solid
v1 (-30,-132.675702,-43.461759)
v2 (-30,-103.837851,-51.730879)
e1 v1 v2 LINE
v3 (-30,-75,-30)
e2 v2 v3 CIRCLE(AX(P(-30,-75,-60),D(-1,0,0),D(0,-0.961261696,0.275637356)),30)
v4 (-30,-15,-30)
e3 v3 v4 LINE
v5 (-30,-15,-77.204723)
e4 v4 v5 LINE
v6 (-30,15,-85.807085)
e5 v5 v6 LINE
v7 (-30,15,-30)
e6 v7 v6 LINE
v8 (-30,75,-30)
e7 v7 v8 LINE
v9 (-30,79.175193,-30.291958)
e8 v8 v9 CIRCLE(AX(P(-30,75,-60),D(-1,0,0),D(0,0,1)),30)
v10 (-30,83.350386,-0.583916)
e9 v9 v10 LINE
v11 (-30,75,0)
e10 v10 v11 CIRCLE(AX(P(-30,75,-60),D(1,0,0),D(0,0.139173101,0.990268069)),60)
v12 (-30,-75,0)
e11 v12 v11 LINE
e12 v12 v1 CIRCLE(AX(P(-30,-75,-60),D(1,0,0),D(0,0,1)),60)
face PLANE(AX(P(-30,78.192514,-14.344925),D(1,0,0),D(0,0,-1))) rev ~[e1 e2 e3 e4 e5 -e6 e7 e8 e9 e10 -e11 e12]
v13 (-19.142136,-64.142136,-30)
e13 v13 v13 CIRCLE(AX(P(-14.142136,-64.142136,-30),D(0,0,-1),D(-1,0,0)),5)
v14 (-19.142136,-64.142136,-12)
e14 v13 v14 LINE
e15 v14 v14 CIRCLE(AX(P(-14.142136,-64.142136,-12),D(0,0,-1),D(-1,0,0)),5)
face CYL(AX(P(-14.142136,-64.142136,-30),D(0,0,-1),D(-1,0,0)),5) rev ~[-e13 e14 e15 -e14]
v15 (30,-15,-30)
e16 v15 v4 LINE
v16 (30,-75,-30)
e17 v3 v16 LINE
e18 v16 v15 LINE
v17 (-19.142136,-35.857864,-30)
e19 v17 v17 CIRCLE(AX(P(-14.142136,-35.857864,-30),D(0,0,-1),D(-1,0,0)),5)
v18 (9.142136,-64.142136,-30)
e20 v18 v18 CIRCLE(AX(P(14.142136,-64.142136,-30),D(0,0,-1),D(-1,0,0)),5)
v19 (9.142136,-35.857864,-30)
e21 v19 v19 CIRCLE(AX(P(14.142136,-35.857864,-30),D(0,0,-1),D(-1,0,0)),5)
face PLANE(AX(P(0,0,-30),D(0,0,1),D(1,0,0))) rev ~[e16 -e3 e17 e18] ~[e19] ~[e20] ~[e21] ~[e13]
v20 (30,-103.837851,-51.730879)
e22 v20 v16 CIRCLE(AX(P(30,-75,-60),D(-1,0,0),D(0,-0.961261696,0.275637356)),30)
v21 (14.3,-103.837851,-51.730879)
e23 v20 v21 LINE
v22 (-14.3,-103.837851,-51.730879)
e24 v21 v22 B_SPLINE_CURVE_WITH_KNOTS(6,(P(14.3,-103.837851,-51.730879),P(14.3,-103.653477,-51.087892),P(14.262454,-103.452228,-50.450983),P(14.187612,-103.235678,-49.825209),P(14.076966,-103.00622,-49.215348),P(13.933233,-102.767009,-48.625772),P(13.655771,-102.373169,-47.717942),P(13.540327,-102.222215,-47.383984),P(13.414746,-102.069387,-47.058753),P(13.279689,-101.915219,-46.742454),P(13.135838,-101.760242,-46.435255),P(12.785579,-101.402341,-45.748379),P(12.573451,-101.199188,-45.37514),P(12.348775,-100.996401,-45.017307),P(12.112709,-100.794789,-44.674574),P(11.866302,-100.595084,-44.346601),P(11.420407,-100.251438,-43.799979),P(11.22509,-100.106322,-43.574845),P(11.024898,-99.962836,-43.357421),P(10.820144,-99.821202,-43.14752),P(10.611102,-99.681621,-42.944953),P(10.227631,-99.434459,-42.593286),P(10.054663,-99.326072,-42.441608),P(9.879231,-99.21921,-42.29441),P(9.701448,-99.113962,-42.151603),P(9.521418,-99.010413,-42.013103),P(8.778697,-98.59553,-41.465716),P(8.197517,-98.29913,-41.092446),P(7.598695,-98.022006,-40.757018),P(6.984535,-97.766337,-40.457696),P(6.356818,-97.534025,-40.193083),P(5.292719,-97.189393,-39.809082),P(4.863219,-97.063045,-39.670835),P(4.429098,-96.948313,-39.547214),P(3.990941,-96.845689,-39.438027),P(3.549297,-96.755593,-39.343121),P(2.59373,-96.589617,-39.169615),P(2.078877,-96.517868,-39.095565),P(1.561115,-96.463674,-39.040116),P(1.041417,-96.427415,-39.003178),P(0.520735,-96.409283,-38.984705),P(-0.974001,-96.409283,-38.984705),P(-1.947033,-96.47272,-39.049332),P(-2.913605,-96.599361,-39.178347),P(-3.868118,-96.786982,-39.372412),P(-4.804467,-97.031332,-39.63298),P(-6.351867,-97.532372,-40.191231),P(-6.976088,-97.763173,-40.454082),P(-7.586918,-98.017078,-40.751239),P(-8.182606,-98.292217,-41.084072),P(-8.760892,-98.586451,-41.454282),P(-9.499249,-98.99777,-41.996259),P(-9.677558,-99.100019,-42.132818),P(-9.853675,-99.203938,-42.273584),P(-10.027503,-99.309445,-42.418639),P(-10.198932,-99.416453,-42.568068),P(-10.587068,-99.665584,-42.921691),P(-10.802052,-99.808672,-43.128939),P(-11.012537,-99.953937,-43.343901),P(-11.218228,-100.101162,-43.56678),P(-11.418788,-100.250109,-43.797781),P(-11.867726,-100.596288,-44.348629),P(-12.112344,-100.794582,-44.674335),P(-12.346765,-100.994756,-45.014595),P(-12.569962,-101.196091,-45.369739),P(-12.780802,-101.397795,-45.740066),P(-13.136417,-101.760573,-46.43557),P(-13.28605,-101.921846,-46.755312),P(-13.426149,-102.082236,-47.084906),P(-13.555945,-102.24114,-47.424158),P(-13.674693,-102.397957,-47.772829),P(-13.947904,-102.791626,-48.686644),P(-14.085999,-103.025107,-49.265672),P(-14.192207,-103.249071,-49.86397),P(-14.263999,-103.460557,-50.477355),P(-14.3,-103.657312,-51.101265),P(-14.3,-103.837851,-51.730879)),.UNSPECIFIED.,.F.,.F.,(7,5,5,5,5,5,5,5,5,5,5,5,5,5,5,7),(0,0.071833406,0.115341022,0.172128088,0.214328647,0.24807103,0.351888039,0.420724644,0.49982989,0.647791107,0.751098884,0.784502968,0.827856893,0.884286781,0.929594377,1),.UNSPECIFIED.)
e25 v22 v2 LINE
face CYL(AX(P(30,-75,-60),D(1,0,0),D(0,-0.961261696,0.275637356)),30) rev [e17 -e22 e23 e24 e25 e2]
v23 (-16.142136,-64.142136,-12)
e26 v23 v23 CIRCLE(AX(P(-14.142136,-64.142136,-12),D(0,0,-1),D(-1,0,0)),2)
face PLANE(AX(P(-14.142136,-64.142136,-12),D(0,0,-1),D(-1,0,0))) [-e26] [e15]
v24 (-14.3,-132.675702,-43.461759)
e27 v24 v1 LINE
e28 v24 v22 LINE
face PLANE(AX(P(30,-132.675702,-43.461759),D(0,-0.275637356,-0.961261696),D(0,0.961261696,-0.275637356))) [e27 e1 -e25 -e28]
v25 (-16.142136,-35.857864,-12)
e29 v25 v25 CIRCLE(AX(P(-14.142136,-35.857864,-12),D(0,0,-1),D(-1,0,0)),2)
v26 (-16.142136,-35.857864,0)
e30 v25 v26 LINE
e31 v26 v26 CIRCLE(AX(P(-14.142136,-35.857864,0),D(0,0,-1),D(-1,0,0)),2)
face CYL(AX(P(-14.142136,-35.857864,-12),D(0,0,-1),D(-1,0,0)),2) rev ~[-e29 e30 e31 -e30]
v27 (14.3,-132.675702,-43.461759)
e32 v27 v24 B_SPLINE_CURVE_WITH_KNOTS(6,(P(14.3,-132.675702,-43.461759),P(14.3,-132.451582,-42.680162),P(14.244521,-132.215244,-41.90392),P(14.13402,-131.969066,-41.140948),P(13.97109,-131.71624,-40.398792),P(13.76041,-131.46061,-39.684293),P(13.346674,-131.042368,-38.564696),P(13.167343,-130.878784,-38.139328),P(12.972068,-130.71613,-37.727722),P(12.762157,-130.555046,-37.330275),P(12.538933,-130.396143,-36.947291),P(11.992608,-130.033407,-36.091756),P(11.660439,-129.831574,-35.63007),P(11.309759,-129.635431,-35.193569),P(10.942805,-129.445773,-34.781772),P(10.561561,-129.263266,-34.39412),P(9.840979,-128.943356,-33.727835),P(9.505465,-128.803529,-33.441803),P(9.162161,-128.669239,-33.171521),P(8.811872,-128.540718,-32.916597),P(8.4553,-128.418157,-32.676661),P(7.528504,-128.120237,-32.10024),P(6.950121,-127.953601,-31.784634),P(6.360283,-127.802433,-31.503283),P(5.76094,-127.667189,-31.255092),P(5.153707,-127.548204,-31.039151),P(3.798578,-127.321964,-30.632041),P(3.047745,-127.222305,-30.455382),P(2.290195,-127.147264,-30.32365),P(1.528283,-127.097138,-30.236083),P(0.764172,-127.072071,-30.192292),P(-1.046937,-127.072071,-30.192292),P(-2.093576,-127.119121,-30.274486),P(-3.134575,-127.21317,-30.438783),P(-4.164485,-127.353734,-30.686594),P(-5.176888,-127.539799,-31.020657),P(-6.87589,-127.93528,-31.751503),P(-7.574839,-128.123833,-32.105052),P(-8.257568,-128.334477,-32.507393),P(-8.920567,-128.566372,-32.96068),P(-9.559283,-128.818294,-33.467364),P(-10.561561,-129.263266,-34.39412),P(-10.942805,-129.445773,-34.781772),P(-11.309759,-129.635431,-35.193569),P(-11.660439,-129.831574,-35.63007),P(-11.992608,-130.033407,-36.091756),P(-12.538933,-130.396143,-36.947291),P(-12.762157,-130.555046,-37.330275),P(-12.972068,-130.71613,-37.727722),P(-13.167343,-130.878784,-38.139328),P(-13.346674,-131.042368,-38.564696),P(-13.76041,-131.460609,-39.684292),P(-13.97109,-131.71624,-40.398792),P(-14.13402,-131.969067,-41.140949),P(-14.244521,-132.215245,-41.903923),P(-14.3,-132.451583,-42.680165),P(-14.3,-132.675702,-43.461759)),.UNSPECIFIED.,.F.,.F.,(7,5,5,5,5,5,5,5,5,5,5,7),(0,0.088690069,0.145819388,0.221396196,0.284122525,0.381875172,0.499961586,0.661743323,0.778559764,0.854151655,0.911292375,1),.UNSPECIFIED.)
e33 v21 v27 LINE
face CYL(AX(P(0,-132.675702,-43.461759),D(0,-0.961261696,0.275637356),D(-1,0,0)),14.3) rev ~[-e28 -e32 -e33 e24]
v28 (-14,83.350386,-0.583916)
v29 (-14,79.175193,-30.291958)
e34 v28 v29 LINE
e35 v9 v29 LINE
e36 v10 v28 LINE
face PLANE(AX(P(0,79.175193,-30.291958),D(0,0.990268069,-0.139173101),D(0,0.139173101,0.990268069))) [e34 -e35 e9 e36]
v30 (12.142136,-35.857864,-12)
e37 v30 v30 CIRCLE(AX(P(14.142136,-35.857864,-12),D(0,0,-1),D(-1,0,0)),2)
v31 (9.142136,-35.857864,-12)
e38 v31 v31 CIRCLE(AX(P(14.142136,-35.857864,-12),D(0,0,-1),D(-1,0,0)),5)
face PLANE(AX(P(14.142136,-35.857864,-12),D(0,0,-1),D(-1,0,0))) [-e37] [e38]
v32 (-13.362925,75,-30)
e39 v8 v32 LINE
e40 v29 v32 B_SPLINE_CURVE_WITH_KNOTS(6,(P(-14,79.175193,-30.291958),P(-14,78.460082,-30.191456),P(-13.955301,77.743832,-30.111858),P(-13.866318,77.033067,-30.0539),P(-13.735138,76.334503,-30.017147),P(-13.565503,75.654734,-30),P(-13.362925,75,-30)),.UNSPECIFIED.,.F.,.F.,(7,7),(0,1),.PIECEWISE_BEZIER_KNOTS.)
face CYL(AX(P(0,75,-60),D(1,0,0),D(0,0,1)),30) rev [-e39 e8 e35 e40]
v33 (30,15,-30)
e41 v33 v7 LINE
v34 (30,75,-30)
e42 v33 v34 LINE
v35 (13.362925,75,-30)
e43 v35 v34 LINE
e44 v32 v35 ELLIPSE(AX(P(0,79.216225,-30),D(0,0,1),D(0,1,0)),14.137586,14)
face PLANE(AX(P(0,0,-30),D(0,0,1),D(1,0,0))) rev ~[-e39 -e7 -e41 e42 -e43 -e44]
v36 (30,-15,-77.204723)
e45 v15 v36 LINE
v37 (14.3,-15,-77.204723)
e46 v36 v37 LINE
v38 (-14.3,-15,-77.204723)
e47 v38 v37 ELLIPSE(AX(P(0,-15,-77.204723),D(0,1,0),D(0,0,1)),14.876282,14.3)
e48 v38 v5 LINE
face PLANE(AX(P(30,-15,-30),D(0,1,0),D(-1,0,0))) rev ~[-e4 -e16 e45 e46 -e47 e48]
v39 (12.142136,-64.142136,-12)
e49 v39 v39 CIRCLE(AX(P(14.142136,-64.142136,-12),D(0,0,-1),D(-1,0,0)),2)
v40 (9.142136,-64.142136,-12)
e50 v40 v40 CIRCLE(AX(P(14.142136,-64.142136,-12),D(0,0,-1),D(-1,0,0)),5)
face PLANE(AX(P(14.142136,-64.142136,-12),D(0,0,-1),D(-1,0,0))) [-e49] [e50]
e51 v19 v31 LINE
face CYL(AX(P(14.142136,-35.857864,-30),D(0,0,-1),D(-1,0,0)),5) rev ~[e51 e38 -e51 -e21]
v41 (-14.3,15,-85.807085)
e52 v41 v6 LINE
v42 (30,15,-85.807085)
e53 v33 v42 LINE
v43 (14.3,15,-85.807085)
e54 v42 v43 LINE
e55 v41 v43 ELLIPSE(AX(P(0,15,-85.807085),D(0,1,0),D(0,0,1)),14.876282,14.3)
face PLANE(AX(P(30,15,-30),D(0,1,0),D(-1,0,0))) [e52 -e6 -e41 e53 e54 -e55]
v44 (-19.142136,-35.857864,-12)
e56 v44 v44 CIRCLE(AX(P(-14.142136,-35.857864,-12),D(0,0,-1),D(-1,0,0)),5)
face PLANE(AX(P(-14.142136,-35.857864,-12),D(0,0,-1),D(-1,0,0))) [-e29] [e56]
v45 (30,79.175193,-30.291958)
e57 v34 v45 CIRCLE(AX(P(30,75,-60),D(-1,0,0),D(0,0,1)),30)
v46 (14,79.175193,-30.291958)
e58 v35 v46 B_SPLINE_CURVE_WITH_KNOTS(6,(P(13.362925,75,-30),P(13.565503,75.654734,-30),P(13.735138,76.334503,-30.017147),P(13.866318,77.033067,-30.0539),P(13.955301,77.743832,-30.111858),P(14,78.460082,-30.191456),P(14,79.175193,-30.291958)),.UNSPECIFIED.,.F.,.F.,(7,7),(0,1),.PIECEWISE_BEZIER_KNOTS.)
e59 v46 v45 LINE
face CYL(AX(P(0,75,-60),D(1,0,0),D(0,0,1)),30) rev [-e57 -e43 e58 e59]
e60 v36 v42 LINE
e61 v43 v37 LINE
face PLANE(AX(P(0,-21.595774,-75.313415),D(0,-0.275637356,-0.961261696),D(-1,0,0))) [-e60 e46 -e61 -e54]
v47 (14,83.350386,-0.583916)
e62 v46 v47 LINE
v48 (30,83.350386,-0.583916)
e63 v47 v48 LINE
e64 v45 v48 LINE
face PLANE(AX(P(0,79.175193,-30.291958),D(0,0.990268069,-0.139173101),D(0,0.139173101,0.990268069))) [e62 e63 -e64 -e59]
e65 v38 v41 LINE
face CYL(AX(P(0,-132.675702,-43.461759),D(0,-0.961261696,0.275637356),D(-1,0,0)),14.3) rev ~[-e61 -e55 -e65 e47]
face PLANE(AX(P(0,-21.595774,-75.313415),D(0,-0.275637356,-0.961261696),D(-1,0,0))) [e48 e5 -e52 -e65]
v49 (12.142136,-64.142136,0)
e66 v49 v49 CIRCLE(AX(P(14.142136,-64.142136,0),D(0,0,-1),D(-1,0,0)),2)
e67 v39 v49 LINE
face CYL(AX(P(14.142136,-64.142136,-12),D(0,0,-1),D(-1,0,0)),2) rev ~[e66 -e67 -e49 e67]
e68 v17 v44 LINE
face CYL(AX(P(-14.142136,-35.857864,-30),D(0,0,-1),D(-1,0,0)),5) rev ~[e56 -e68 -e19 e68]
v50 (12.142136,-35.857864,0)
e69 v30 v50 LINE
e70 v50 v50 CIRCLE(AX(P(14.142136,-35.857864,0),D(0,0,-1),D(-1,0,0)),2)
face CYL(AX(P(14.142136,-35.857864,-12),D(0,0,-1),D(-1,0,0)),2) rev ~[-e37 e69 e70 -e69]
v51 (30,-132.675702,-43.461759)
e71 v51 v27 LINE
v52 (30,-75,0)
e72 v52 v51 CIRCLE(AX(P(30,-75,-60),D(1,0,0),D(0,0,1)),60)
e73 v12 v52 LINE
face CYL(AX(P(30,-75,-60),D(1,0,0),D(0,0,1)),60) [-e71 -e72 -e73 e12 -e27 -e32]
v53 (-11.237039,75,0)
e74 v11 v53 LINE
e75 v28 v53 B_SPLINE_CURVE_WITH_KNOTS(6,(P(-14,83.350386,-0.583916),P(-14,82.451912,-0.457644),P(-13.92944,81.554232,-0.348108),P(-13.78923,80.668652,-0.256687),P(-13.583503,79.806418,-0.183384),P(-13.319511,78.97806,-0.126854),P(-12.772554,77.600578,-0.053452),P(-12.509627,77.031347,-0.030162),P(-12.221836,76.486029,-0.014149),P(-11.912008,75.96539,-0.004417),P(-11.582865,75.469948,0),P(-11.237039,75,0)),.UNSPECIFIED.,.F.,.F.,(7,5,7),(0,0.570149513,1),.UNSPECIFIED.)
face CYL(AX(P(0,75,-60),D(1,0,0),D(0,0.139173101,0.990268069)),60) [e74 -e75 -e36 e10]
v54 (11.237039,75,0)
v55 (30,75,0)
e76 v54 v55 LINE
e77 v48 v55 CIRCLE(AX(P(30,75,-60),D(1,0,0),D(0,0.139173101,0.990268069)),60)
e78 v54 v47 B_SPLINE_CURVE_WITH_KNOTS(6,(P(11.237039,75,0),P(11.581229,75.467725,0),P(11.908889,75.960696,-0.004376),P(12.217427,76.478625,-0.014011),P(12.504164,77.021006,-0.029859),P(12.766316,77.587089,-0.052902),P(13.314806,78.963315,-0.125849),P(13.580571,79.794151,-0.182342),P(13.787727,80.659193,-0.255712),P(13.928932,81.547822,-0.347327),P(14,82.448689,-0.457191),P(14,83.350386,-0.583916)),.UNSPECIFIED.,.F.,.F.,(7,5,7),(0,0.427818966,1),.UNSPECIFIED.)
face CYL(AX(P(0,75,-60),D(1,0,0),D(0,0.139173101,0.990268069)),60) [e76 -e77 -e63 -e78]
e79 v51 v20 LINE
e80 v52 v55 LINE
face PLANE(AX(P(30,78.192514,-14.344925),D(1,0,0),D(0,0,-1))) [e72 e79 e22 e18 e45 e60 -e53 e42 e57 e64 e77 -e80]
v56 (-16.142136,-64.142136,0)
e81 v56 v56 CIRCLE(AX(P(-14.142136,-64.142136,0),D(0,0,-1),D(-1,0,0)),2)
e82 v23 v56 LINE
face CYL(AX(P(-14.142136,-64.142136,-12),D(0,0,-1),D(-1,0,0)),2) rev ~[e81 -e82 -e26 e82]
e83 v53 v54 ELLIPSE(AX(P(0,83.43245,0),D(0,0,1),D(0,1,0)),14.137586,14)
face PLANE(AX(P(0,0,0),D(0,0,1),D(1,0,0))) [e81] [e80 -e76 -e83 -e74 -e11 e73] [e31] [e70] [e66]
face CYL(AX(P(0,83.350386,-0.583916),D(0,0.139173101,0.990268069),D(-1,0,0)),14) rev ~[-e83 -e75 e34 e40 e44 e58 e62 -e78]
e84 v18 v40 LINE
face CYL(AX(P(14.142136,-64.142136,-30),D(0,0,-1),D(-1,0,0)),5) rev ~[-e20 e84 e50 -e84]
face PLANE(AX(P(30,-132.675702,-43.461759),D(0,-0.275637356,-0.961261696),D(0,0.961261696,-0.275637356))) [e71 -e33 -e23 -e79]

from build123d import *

# Parameters (mm, degrees)
SKETCH_1_W          = 60
SKETCH_1_H          = 150
EXTRUDE_1_DEPTH     = 30
SKETCH_2_R          = 5
CUT_EXTRUDE_1_DEPTH = 18
SKETCH_6_R          = 2
CUT_EXTRUDE_2_DEPTH = 83.758685345
EXTRUDE_2_DEPTH     = 60
SKETCH_8_W          = 60
SKETCH_8_H          = 30
EXTRUDE_3_DEPTH     = 60
SKETCH_9_W          = 139.095899212
SKETCH_9_H          = 109.690247042
CUT_EXTRUDE_3_DEPTH = 138.516765531
CUT_EXTRUDE_4_DEPTH = 221.495173564
EXTRUDE_4_DEPTH     = 30
CUT_EXTRUDE_5_DEPTH = 240.854663136


with BuildPart() as part:
    # 草图1 → 凸台-拉伸1 (new body)
    with BuildSketch(Plane.XY):
        Rectangle(SKETCH_1_W, SKETCH_1_H)
    extrude(amount=-EXTRUDE_1_DEPTH)

    # 草图2 → 切除-拉伸1 (cut)
    with BuildSketch(Plane(origin=(0, 0, -30), x_dir=(-1, 0, 0), z_dir=(0, 0, -1))):
        with Locations((-14.142135624, -35.857864376)):
            Circle(SKETCH_2_R)
        with Locations((14.142135624, -35.857864376)):
            Circle(SKETCH_2_R)
        with Locations((14.142135624, -64.142135624)):
            Circle(SKETCH_2_R)
        with Locations((-14.142135624, -64.142135624)):
            Circle(SKETCH_2_R)
    extrude(amount=-CUT_EXTRUDE_1_DEPTH, mode=Mode.SUBTRACT)

    # 草图6 → 切除-拉伸2 (cut, through all)
    with BuildSketch(Plane(origin=(0, 0, -12), x_dir=(-1, 0, 0), z_dir=(0, 0, -1))):
        with Locations((14.142135624, -64.142135624)):
            Circle(SKETCH_6_R)
        with Locations((-14.142135624, -64.142135624)):
            Circle(SKETCH_6_R)
        with Locations((-14.142135624, -35.857864376)):
            Circle(SKETCH_6_R)
        with Locations((14.142135624, -35.857864376)):
            Circle(SKETCH_6_R)
    extrude(amount=-CUT_EXTRUDE_2_DEPTH, mode=Mode.SUBTRACT)

    # 草图7 → 凸台-拉伸2 (add)
    with BuildSketch(Plane(origin=(30, 0, 0), x_dir=(0, 0, -1), z_dir=(1, 0, 0))):
        with BuildLine():
            Line((43.461758651, -132.675701756), (51.730879325, -103.837850878))
            ThreePointArc((51.730879325, -103.837850878), (36.040934699, -93.054450695), (30, -75))
            Line((30, -75), (0, -75))
            ThreePointArc((0, -75), (12.081869397, -111.108901389), (43.461758651, -132.675701756))
        make_face()
    extrude(amount=-EXTRUDE_2_DEPTH)

    # 草图8 → 凸台-拉伸3 (add)
    with BuildSketch(Plane(origin=(0, 0, -30), x_dir=(-1, 0, 0), z_dir=(0, 0, -1))):
        Rectangle(SKETCH_8_W, SKETCH_8_H)
    extrude(amount=EXTRUDE_3_DEPTH)

    # 草图9 → 切除-拉伸3 (cut, through all)
    with BuildSketch(Plane(origin=(0, -21.595774321, -75.313415293), x_dir=(-1, 0, 0), z_dir=(0, -0.27563735581699267, -0.9612616959383208))):
        Rectangle(SKETCH_9_W, SKETCH_9_H)
    extrude(amount=CUT_EXTRUDE_3_DEPTH, mode=Mode.SUBTRACT)

    # 草图10 → 切除-拉伸4 (cut, through all)
    with BuildSketch(Plane(origin=(30, -132.675701756, -43.461758651), x_dir=(-1, 0, 0), z_dir=(0, -0.9612616959383208, 0.27563735581699267))):
        with BuildLine():
            ThreePointArc((15.7, 0), (30, -14.3), (44.3, 0))
            Line((44.3, 0), (15.7, 0))
        make_face()
        with BuildLine():
            Line((15.7, 0), (44.3, 0))
            ThreePointArc((44.3, 0), (30, 14.3), (15.7, 0))
        make_face()
    extrude(amount=-CUT_EXTRUDE_4_DEPTH, mode=Mode.SUBTRACT)

    # 草图11 → 凸台-拉伸4 (add, symmetric)
    with BuildSketch(Plane(origin=(0, 0, 0), x_dir=(0, 0, -1), z_dir=(1, 0, 0))):
        with BuildLine():
            ThreePointArc((30, 75), (30.073078492, 77.092694212), (30.291957938, 79.175193029))
            Line((30.291957938, 79.175193029), (0.583915876, 83.350386058))
            ThreePointArc((0.583915876, 83.350386058), (0.146156984, 79.185388425), (0, 75))
            Line((0, 75), (30, 75))
        make_face()
    extrude(amount=EXTRUDE_4_DEPTH, both=True)

    # 草图12 → 切除-拉伸5 (cut, through all)
    with BuildSketch(Plane(origin=(30, 83.350386058, -0.583915876), x_dir=(1, 0, 0), z_dir=(0, 0.1391731009600656, 0.9902680687415703))):
        with BuildLine():
            ThreePointArc((-16, 0), (-30, 14), (-44, 0))
            Line((-44, 0), (-16, 0))
        make_face()
        with BuildLine():
            Line((-16, 0), (-44, 0))
            ThreePointArc((-44, 0), (-30, -14), (-16, 0))
        make_face()
    extrude(amount=-CUT_EXTRUDE_5_DEPTH, mode=Mode.SUBTRACT)


solid = part.part
